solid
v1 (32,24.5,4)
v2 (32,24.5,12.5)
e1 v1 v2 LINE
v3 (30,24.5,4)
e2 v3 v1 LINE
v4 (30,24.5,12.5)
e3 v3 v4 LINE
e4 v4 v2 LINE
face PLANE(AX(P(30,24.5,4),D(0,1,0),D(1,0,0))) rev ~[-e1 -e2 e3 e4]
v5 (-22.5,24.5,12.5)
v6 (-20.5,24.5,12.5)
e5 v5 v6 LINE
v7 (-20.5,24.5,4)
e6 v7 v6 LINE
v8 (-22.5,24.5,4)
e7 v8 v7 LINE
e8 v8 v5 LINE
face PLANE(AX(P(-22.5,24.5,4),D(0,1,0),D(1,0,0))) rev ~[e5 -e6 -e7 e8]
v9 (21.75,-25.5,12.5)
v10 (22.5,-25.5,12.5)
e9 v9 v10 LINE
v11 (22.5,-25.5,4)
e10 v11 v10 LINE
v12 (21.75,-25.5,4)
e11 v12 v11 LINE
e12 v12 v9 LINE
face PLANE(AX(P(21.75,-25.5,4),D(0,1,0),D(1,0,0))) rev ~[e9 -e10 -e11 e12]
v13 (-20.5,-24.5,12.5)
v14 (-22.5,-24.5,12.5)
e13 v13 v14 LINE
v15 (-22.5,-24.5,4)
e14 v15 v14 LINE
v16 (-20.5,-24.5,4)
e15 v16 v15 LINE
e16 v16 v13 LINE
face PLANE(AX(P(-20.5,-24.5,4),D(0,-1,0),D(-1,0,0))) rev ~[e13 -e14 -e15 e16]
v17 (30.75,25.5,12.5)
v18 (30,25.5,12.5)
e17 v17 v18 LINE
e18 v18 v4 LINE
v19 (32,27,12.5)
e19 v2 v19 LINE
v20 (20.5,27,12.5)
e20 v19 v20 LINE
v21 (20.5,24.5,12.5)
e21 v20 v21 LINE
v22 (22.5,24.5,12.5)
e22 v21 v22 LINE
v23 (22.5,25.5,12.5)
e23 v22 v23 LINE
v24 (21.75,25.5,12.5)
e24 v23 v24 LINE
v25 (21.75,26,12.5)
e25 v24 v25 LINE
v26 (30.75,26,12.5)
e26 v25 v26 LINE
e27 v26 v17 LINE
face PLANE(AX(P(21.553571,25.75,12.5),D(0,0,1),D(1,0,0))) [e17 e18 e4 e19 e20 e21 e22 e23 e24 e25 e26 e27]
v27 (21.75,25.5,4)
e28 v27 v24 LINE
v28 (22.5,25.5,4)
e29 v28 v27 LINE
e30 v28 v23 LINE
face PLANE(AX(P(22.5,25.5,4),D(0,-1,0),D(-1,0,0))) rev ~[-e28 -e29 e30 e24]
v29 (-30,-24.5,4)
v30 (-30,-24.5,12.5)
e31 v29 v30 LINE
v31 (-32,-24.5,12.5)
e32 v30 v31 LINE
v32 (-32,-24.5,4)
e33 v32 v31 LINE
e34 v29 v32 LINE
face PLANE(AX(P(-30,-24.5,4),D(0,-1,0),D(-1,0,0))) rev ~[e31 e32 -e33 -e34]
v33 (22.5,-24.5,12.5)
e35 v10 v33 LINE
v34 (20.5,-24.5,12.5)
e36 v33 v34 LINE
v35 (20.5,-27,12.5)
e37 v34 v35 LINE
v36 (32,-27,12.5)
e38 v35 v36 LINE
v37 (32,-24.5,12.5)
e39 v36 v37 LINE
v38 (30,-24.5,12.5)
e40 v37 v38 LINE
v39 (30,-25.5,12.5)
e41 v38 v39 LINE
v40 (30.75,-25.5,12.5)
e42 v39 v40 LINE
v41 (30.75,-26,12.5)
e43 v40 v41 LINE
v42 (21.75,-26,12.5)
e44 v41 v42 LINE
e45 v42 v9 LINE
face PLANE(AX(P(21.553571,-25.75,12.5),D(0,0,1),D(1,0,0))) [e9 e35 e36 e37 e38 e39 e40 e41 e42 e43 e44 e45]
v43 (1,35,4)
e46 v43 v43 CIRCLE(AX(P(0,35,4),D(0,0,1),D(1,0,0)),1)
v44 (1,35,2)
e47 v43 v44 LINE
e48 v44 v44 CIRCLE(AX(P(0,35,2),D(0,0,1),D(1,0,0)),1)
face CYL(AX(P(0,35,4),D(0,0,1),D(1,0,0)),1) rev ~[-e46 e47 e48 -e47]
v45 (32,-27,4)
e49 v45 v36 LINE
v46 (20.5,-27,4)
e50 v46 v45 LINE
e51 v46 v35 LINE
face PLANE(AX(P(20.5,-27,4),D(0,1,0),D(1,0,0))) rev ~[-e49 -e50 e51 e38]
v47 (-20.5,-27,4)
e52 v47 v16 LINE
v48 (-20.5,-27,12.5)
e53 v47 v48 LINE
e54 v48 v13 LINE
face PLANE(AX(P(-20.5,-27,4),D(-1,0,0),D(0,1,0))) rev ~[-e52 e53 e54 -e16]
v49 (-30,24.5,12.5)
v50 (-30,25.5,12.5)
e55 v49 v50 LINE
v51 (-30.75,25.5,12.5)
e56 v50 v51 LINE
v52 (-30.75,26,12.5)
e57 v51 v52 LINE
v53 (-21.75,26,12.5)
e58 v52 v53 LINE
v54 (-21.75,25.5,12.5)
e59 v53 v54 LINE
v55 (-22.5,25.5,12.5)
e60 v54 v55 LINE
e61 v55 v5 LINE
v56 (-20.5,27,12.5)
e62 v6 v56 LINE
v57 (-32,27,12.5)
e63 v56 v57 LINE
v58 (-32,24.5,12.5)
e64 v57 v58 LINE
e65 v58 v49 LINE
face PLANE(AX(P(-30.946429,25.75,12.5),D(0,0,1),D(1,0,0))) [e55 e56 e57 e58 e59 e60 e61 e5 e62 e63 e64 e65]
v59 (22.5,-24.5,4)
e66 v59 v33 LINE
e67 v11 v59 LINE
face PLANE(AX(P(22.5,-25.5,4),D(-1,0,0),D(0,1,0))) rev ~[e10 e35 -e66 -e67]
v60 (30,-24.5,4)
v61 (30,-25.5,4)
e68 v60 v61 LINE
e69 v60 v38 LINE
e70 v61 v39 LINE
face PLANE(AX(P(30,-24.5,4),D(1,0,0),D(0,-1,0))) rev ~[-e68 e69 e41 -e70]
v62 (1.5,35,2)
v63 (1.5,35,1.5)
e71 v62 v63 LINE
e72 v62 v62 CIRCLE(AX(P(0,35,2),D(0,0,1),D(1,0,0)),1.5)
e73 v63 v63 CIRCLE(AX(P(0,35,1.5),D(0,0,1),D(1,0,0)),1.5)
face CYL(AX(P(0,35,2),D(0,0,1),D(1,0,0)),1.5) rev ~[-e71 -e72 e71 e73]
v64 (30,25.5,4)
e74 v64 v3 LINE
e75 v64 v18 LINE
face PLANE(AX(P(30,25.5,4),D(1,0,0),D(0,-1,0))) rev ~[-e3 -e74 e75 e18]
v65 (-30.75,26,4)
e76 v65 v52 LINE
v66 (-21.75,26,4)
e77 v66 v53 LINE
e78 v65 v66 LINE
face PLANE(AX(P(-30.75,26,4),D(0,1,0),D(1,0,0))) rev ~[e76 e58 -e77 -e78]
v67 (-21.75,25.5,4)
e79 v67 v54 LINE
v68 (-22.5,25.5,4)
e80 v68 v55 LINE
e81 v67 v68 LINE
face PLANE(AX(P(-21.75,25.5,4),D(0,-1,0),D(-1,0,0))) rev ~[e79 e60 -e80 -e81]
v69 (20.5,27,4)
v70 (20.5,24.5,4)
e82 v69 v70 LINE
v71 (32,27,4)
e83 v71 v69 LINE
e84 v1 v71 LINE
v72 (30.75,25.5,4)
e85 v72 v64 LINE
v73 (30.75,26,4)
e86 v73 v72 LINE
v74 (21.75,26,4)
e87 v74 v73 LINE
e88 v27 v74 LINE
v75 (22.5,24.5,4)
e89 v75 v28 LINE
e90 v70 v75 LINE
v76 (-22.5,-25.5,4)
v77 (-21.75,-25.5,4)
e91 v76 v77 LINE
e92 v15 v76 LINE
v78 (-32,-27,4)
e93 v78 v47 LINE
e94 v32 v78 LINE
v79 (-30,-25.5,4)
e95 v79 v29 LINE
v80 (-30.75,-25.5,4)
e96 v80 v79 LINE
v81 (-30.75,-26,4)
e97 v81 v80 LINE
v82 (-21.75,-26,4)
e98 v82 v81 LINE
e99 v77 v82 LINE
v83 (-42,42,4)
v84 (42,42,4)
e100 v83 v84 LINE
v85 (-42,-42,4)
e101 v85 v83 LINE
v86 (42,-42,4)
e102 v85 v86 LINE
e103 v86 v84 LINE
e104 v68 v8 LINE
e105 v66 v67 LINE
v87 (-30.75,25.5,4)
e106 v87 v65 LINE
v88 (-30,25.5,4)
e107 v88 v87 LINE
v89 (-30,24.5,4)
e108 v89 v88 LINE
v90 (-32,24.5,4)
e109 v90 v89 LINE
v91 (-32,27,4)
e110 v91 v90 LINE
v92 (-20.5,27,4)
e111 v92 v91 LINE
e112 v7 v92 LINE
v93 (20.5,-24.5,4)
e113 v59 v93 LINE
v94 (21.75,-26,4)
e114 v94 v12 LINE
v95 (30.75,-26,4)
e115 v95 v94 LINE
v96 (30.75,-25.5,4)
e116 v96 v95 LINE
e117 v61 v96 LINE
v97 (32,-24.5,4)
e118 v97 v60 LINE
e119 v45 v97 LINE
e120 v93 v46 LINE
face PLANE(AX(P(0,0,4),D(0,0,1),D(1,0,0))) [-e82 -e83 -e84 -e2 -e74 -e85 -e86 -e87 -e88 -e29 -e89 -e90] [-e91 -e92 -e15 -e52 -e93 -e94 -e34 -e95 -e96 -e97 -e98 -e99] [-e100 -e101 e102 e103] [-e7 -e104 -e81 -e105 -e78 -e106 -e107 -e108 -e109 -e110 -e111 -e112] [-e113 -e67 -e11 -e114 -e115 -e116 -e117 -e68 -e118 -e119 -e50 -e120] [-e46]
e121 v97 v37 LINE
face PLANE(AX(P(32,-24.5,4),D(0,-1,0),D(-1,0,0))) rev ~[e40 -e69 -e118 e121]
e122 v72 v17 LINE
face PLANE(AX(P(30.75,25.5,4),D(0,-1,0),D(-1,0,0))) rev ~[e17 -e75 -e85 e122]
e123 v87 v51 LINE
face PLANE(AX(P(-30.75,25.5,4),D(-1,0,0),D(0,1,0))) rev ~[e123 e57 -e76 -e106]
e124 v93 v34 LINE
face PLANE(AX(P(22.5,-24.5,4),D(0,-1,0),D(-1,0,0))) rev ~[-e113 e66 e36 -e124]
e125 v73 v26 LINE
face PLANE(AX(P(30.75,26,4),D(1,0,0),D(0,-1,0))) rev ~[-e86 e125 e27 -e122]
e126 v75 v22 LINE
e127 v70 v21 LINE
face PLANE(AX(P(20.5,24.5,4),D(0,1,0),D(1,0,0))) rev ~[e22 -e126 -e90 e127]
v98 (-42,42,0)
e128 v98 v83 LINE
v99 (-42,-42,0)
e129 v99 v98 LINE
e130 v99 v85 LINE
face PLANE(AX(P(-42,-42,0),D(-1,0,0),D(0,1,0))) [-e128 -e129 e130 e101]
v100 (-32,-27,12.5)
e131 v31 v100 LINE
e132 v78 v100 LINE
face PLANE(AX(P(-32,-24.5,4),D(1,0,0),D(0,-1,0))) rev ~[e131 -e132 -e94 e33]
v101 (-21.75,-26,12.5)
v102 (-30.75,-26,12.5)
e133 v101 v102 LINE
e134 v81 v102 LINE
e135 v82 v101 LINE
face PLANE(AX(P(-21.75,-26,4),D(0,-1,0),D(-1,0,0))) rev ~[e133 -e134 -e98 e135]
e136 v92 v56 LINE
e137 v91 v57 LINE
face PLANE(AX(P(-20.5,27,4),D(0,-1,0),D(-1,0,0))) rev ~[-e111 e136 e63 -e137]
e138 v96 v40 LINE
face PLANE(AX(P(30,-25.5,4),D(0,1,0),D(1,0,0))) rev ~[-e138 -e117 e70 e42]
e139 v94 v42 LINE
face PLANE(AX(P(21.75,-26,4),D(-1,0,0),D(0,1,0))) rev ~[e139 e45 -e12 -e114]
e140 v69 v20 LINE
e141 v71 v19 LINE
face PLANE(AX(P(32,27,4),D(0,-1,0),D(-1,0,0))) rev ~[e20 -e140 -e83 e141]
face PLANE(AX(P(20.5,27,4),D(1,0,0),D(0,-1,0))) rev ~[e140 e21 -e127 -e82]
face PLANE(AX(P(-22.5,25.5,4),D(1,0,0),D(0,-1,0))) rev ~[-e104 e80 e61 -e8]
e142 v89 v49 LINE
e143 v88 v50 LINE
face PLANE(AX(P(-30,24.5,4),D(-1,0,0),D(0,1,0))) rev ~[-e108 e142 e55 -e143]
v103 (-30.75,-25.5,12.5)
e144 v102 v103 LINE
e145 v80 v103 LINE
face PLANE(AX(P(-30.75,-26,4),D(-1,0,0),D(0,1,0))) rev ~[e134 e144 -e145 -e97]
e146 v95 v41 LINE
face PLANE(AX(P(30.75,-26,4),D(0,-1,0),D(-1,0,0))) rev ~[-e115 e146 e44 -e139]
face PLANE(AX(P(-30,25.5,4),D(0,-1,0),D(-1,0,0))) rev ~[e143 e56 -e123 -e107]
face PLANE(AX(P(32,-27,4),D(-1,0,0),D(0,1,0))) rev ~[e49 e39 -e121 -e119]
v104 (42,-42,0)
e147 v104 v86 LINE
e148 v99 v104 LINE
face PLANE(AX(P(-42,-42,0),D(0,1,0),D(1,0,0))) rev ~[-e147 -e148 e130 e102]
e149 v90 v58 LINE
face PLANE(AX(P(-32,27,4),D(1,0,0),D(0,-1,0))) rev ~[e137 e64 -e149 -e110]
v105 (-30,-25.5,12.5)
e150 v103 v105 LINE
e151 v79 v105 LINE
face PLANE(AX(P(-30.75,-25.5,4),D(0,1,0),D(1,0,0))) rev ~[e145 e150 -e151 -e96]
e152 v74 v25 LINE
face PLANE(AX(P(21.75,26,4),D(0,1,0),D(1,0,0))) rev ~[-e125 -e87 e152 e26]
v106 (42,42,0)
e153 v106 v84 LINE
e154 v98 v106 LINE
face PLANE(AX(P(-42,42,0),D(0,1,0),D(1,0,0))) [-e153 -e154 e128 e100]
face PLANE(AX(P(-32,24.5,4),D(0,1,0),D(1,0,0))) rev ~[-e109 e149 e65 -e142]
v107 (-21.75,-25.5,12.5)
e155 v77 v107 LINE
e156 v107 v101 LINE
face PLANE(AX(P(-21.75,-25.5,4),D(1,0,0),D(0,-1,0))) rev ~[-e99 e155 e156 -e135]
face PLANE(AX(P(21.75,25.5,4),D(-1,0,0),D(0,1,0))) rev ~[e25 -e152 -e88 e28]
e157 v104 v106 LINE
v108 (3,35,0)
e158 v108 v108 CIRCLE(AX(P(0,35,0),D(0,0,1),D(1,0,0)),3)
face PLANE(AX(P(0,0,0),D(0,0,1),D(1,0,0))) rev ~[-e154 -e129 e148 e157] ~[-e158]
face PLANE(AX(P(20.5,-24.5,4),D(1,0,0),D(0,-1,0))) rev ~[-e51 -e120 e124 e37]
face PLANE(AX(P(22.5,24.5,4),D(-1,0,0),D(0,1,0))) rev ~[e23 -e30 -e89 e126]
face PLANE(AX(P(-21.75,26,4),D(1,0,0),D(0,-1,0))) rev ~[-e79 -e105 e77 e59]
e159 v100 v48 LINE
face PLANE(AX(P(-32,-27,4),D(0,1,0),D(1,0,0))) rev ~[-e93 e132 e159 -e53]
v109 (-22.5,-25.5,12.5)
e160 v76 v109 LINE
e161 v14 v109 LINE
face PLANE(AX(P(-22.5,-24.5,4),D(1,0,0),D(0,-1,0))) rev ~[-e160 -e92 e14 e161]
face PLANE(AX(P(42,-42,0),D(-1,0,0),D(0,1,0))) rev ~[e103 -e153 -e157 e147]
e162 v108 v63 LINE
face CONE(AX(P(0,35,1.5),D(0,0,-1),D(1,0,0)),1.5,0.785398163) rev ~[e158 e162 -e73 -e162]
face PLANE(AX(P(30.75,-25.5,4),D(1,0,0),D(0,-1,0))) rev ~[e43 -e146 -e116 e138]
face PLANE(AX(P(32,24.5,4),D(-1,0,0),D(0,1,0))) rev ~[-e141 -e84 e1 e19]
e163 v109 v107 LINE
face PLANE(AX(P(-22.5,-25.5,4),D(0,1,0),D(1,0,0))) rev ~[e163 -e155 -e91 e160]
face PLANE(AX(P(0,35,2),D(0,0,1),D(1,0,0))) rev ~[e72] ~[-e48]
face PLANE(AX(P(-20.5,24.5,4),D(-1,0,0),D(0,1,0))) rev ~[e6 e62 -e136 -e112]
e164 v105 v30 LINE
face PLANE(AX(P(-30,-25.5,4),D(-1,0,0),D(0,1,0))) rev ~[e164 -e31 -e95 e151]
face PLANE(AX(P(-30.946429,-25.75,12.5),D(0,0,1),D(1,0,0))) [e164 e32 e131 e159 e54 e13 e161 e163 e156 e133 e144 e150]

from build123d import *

# Parameters (mm, degrees)
F0_W     = 84
F0_H     = 84
F1_DEPTH = 4
F2_W     = 7.5
F2_H     = 1
F3_DEPTH = 8.5
F4_R     = 1
F5_DEPTH = 25
F6_START = -2
F4_R_2   = 1.5
F6_DEPTH = 23
F7_SIZE  = 1.5


with BuildPart() as f1:
    # F0 (on Top) → F1 (new body)
    with BuildSketch(Plane.XY):
        Rectangle(F0_W, F0_H)
    extrude(amount=F1_DEPTH)

    # F2 (on face) → F3 (join)
    with BuildSketch(Plane.XY.offset(4)):
        Polygon((-30, 27), (-32, 27), (-32, 24.5), (-30, 24.5), (-30, 25.5), (-30.75, 25.5), (-30.75, 26), (-30, 26), align=None)
        with Locations((-26.25, 26.5)):
            Rectangle(F2_W, F2_H)
        Polygon((-20.5, 27), (-22.5, 27), (-22.5, 26), (-21.75, 26), (-21.75, 25.5), (-22.5, 25.5), (-22.5, 24.5), (-20.5, 24.5), align=None)
        Polygon((-32, -27), (-30, -27), (-30, -26), (-30.75, -26), (-30.75, -25.5), (-30, -25.5), (-30, -24.5), (-32, -24.5), align=None)
        with Locations((-26.25, -26.5)):
            Rectangle(F2_W, F2_H)
        Polygon((-22.5, -27), (-20.5, -27), (-20.5, -24.5), (-22.5, -24.5), (-22.5, -25.5), (-21.75, -25.5), (-21.75, -26), (-22.5, -26), align=None)
        Polygon((22.5, 27), (20.5, 27), (20.5, 24.5), (22.5, 24.5), (22.5, 25.5), (21.75, 25.5), (21.75, 26), (22.5, 26), align=None)
        with Locations((26.25, 26.5)):
            Rectangle(F2_W, F2_H)
        Polygon((32, 27), (30, 27), (30, 26), (30.75, 26), (30.75, 25.5), (30, 25.5), (30, 24.5), (32, 24.5), align=None)
        Polygon((20.5, -27), (22.5, -27), (22.5, -26), (21.75, -26), (21.75, -25.5), (22.5, -25.5), (22.5, -24.5), (20.5, -24.5), align=None)
        with Locations((26.25, -26.5)):
            Rectangle(F2_W, F2_H)
        Polygon((30, -27), (32, -27), (32, -24.5), (30, -24.5), (30, -25.5), (30.75, -25.5), (30.75, -26), (30, -26), align=None)
    extrude(amount=F3_DEPTH)

    # F4 (on face) → F5 (cut)
    with BuildSketch(Plane.XY.offset(4)):
        with Locations((0, 35)):
            Circle(F4_R)
    extrude(amount=-F5_DEPTH, mode=Mode.SUBTRACT)

    # F4 (on face) → F6 (cut)
    with BuildSketch(Plane.XY.offset(4).offset(F6_START)):
        with Locations((0, 35)):
            Circle(F4_R_2)
        with Locations((0, 35)):
            Circle(F4_R, mode=Mode.SUBTRACT)
    extrude(amount=-F6_DEPTH, mode=Mode.SUBTRACT)

    # F7
    f7_edges = [f1.edges().sort_by_distance(p)[0] for p in [
        (-1.5, 35, 0),
    ]]
    chamfer(f7_edges, length=F7_SIZE)


solid = f1.part
